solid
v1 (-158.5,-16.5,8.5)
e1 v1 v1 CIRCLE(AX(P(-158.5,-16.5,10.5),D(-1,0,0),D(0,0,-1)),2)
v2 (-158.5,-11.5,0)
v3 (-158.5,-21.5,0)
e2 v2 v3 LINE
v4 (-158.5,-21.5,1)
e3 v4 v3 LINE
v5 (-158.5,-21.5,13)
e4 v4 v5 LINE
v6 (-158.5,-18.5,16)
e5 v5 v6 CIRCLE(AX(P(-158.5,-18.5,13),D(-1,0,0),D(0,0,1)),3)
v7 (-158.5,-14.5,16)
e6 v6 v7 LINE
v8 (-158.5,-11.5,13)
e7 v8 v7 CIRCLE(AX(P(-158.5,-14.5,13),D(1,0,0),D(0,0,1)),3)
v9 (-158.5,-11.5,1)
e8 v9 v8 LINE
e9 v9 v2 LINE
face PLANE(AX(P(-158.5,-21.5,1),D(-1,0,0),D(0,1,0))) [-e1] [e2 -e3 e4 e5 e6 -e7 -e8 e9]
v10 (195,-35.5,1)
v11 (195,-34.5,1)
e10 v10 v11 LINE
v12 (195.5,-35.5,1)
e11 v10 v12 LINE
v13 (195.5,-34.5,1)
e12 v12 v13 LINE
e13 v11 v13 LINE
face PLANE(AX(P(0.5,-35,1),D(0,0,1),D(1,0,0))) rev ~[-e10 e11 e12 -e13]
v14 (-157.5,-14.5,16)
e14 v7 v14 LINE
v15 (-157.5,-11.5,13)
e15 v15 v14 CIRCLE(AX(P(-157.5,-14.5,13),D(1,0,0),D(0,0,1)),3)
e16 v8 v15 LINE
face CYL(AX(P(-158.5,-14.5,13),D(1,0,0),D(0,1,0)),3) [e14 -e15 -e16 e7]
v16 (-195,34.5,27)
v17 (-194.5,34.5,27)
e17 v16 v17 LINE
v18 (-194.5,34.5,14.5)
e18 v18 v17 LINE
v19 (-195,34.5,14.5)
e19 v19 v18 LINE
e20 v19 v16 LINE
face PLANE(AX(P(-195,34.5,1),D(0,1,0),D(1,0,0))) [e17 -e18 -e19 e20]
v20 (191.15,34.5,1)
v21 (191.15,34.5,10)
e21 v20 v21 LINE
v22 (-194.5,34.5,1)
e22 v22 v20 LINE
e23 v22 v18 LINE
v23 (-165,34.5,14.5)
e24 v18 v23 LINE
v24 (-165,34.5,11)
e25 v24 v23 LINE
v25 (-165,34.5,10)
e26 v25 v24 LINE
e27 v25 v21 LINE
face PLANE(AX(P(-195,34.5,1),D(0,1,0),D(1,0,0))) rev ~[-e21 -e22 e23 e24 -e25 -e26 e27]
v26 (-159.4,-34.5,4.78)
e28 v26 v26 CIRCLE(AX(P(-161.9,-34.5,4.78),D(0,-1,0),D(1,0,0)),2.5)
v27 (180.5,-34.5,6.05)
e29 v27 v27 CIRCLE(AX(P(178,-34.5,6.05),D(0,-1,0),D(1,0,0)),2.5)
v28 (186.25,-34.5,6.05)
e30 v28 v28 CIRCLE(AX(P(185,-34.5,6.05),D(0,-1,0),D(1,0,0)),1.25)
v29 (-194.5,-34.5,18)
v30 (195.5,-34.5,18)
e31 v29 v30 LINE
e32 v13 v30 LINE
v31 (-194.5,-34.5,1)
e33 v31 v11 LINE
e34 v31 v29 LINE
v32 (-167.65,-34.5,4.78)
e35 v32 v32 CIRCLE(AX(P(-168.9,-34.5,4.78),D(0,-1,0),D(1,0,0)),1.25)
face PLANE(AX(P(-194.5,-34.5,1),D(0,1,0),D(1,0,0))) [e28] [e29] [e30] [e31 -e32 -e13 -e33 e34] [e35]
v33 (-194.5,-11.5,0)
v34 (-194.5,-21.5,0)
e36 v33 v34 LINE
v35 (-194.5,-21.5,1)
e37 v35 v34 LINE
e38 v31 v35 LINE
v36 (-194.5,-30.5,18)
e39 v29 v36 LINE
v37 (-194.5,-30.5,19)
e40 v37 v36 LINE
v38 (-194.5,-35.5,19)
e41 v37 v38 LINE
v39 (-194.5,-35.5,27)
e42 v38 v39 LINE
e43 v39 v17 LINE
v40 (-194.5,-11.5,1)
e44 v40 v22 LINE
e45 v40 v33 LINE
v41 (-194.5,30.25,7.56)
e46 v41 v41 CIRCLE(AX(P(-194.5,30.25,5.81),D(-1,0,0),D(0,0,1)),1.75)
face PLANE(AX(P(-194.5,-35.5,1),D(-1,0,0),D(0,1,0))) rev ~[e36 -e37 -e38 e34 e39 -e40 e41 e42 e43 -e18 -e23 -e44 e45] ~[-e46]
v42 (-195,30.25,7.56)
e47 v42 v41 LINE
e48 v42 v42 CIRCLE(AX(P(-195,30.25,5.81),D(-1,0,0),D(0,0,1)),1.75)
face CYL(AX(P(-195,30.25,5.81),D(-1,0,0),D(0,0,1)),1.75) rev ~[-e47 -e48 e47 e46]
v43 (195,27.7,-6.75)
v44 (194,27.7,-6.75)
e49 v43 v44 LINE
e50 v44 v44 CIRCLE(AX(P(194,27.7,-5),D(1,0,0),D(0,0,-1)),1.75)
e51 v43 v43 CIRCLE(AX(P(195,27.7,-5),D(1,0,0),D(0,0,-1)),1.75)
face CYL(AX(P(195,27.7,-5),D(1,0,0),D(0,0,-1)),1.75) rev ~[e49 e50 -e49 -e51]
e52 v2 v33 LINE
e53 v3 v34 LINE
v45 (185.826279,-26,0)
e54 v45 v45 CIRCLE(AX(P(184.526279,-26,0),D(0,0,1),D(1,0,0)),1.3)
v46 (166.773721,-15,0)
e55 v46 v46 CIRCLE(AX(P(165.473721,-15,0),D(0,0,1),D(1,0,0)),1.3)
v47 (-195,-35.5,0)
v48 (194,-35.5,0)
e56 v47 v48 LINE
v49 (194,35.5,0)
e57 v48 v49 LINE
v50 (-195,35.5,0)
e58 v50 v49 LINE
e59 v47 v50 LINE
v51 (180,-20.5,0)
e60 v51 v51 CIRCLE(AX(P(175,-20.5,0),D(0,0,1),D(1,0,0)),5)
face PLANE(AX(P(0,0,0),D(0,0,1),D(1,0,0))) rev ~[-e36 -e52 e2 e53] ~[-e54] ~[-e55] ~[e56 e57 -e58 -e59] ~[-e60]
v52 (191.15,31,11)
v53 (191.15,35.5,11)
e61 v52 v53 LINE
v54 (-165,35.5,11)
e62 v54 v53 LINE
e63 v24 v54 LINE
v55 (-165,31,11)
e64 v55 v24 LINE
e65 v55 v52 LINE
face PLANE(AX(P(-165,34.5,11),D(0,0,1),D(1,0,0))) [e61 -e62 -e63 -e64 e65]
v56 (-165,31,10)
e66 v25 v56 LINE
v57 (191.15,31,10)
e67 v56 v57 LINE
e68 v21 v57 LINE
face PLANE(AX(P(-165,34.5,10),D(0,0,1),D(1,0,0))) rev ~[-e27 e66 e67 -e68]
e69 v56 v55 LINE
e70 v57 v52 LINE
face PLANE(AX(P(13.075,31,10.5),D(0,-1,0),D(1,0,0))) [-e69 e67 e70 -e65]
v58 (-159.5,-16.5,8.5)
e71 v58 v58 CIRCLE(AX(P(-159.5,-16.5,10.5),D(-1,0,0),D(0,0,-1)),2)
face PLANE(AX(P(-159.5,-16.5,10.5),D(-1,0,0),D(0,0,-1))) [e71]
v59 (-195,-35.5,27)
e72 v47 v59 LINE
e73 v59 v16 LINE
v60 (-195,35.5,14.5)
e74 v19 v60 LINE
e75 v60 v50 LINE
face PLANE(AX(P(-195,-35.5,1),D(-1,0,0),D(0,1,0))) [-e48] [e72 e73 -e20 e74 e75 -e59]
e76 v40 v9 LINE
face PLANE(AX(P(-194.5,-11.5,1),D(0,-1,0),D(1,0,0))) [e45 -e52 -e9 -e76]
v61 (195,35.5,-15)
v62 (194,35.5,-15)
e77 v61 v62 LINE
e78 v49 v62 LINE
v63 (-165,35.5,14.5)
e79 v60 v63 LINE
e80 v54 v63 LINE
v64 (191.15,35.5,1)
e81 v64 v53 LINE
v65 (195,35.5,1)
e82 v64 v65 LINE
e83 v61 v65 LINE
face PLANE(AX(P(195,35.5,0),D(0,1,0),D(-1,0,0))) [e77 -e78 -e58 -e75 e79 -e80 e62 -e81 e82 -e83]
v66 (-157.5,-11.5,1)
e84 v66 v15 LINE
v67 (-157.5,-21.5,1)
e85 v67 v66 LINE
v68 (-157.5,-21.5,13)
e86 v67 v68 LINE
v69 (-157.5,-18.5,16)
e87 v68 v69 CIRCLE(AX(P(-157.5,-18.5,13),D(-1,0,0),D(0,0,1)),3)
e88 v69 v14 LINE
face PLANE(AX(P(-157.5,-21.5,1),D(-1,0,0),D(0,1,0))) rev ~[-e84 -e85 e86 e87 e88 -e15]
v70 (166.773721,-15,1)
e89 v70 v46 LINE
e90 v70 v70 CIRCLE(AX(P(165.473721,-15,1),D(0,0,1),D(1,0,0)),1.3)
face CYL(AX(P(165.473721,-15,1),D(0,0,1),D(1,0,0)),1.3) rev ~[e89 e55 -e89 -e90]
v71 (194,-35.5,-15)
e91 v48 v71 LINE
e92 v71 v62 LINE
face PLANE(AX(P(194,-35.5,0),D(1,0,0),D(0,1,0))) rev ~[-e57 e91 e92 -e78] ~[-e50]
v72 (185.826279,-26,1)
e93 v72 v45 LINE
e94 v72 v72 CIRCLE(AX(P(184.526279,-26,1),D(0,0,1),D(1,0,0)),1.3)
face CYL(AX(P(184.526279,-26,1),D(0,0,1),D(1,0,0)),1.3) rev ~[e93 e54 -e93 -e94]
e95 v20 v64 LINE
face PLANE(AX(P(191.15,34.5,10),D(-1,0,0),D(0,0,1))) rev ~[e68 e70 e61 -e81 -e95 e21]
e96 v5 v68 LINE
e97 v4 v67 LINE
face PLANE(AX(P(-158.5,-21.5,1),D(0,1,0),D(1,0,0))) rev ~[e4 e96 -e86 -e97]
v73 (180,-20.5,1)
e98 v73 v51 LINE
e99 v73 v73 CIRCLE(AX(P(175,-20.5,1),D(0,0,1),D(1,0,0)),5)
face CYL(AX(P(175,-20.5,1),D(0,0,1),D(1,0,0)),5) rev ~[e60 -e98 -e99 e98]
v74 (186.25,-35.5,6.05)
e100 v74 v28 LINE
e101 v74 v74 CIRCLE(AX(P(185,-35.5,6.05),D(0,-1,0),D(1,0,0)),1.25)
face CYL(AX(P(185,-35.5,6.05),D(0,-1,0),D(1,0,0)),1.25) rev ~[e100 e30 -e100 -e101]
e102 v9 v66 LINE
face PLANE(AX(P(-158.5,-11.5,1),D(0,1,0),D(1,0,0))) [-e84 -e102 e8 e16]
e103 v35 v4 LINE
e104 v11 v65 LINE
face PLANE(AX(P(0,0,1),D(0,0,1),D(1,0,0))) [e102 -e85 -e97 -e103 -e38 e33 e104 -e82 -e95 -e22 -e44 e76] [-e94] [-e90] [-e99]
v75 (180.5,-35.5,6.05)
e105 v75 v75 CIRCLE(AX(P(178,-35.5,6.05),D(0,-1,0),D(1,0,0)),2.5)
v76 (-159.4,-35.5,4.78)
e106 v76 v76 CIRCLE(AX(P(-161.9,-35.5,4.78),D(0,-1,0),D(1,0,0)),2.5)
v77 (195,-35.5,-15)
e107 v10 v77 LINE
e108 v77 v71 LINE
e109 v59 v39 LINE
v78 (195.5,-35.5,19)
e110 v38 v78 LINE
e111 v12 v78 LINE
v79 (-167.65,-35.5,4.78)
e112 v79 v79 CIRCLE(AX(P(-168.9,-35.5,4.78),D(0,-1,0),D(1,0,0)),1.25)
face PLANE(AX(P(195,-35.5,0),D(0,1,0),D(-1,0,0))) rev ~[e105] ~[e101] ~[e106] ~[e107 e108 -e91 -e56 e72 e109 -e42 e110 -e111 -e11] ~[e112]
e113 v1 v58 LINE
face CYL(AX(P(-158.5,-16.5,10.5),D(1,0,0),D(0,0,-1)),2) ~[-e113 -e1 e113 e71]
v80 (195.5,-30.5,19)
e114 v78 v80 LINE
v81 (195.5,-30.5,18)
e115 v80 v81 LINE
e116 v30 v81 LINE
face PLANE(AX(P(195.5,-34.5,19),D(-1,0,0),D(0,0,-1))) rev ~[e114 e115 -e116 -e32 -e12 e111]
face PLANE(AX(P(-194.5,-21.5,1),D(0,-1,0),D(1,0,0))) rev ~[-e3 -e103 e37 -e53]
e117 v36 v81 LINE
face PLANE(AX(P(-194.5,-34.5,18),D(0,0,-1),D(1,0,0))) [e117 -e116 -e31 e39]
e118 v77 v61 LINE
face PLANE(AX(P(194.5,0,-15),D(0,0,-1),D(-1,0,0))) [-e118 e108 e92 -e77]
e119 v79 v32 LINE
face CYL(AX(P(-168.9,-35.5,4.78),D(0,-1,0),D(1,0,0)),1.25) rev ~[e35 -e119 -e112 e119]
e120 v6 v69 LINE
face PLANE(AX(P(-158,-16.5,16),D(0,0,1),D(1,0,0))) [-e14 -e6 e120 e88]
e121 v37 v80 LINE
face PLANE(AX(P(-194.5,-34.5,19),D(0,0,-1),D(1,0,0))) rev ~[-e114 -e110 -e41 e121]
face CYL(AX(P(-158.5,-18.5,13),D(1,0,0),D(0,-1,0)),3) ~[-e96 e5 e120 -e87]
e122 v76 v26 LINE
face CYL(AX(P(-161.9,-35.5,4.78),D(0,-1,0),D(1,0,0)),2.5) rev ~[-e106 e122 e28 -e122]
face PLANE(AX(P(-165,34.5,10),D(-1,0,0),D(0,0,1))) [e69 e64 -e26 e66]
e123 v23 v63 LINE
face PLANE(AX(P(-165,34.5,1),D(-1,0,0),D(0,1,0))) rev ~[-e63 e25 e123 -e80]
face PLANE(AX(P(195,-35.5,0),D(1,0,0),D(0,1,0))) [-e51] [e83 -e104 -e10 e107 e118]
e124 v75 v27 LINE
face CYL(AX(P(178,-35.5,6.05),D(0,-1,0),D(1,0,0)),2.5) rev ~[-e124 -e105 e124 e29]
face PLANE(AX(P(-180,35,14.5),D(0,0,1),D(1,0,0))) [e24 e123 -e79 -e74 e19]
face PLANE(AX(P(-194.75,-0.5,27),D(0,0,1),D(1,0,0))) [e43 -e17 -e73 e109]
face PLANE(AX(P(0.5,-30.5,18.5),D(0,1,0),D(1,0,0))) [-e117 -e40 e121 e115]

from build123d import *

# Parameters (mm, degrees)
CROQUIS1_W               = 390
CROQUIS1_H               = 71
SALIENTE_EXTRUIR1_DEPTH  = 1
CROQUIS3_W               = 356.15
CROQUIS3_H               = 1
SALIENTE_EXTRUIR3_DEPTH  = 10
CROQUIS4_W               = 356.15
CROQUIS4_H               = 1
SALIENTE_EXTRUIR4_DEPTH  = 3.5
CROQUIS5_W               = 30
CROQUIS5_H               = 1
SALIENTE_EXTRUIR5_DEPTH  = 13.5
CROQUIS6_W               = 0.5
CROQUIS6_H               = 70
SALIENTE_EXTRUIR6_DEPTH  = 26
CROQUIS7_W               = 390
CROQUIS7_H               = 1
SALIENTE_EXTRUIR7_DEPTH  = 18
CROQUIS8_W               = 390
CROQUIS8_H               = 1
SALIENTE_EXTRUIR8_DEPTH  = 4
CORTAR_EXTRUIR1_REACH    = 202.391
CROQUIS11_W              = 36
CROQUIS11_H              = 10
CROQUIS12_W              = 1
CROQUIS12_H              = 10
SALIENTE_EXTRUIR11_DEPTH = 15
REDONDEO1_R              = 3
CROQUIS13_R              = 2
SALIENTE_EXTRUIR12_DEPTH = 1
CORTAR_EXTRUIR2_REACH    = 395.039
CROQUIS14_R              = 1.75
CROQUIS16_R              = 5
CROQUIS16_R_2            = 1.3
CORTAR_EXTRUIR4_DEPTH    = 1
CROQUIS25_R              = 1.25
CROQUIS25_R_2            = 2.5
CORTAR_EXTRUIR5_DEPTH    = 1
CROQUIS30_W              = 1
CROQUIS30_H              = 71
SALIENTE_EXTRUIR15_DEPTH = 15
CROQUIS31_R              = 1.75
CORTAR_EXTRUIR12_DEPTH   = 1


with BuildPart() as part:
    # Croquis1 → Saliente-Extruir1 (new body)
    with BuildSketch(Plane.XY):
        Rectangle(CROQUIS1_W, CROQUIS1_H)
    extrude(amount=SALIENTE_EXTRUIR1_DEPTH)

    # Croquis3 → Saliente-Extruir3 (add)
    with BuildSketch(Plane.XY.offset(1)):
        with Locations((13.075, 35)):
            Rectangle(CROQUIS3_W, CROQUIS3_H)
    extrude(amount=SALIENTE_EXTRUIR3_DEPTH)

    # Croquis4 → Saliente-Extruir4 (add)
    with BuildSketch(Plane.XZ.offset(-34.5)):
        with Locations((13.075, 10.5)):
            Rectangle(CROQUIS4_W, CROQUIS4_H)
    extrude(amount=SALIENTE_EXTRUIR4_DEPTH)

    # Croquis5 → Saliente-Extruir5 (add)
    with BuildSketch(Plane.XY.offset(1)):
        with Locations((-180, 35)):
            Rectangle(CROQUIS5_W, CROQUIS5_H)
    extrude(amount=SALIENTE_EXTRUIR5_DEPTH)

    # Croquis6 → Saliente-Extruir6 (add)
    with BuildSketch(Plane.XY.offset(1)):
        with Locations((-194.75, -0.5)):
            Rectangle(CROQUIS6_W, CROQUIS6_H)
    extrude(amount=SALIENTE_EXTRUIR6_DEPTH)

    # Croquis7 → Saliente-Extruir7 (add)
    with BuildSketch(Plane.XY.offset(1)):
        with Locations((0.5, -35)):
            Rectangle(CROQUIS7_W, CROQUIS7_H)
    extrude(amount=SALIENTE_EXTRUIR7_DEPTH)

    # Croquis8 → Saliente-Extruir8 (add)
    with BuildSketch(Plane(origin=(0, -34.5, 0), x_dir=(1, 0, 0), z_dir=(0, 1, 0))):
        with Locations((0.5, -18.5)):
            Rectangle(CROQUIS8_W, CROQUIS8_H)
    extrude(amount=SALIENTE_EXTRUIR8_DEPTH)

    # Croquis11 → Cortar-Extruir1 (cut, up to next)
    with BuildSketch(Plane.XY.offset(1), mode=Mode.PRIVATE) as cortar_extruir1_sk1:
        with Locations((-176.5, -16.5)):
            Rectangle(CROQUIS11_W, CROQUIS11_H)
    cortar_extruir1_tool1 = extrude(cortar_extruir1_sk1.sketch, amount=-CORTAR_EXTRUIR1_REACH, mode=Mode.PRIVATE) & part.part
    add(cortar_extruir1_tool1.solids().sort_by_distance((-176.5, -16.5, 1))[0], mode=Mode.SUBTRACT)

    # Croquis12 → Saliente-Extruir11 (add)
    with BuildSketch(Plane.XY.offset(1)):
        with Locations((-158, -16.5)):
            Rectangle(CROQUIS12_W, CROQUIS12_H)
    extrude(amount=SALIENTE_EXTRUIR11_DEPTH)

    # Redondeo1
    redondeo1_edges = [part.edges().sort_by_distance(p)[0] for p in [
        (-158, -21.5, 16),
        (-158, -11.5, 16),
    ]]
    fillet(redondeo1_edges, radius=REDONDEO1_R)

    # Croquis13 → Saliente-Extruir12 (add)
    with BuildSketch(Plane.ZY.offset(158.5)):
        with Locations(Location((10.5, -16.5, 0), (0, 0, 180))):
            Circle(CROQUIS13_R)
    extrude(amount=SALIENTE_EXTRUIR12_DEPTH)

    # Croquis14 → Cortar-Extruir2 (cut, up to next)
    with BuildSketch(Plane.ZY.offset(195), mode=Mode.PRIVATE) as cortar_extruir2_sk1:
        with Locations((5.81, 30.25)):
            Circle(CROQUIS14_R)
    cortar_extruir2_tool1 = extrude(cortar_extruir2_sk1.sketch, amount=-CORTAR_EXTRUIR2_REACH, mode=Mode.PRIVATE) & part.part
    add(cortar_extruir2_tool1.solids().sort_by_distance((-195, 30.25, 5.81))[0], mode=Mode.SUBTRACT)

    # Croquis16 → Cortar-Extruir4 (cut)
    with BuildSketch(Plane.XY.offset(1)):
        with Locations((175, -20.5)):
            Circle(CROQUIS16_R)
        with Locations((184.526279442, -26)):
            Circle(CROQUIS16_R_2)
        with Locations((165.473720558, -15)):
            Circle(CROQUIS16_R_2)
    extrude(amount=-CORTAR_EXTRUIR4_DEPTH, mode=Mode.SUBTRACT)

    # Croquis25 → Cortar-Extruir5 (cut)
    with BuildSketch(Plane.XZ.offset(35.5)):
        with Locations((-168.9, 4.78)):
            Circle(CROQUIS25_R)
        with Locations((-161.9, 4.78)):
            Circle(CROQUIS25_R_2)
        with Locations((185, 6.05)):
            Circle(CROQUIS25_R)
        with Locations((178, 6.05)):
            Circle(CROQUIS25_R_2)
    extrude(amount=-CORTAR_EXTRUIR5_DEPTH, mode=Mode.SUBTRACT)

    # Croquis30 → Saliente-Extruir15 (add)
    with BuildSketch(Plane(origin=(0, 0, 0), x_dir=(-1, 0, 0), z_dir=(0, 0, -1))):
        with Locations((-194.5, 0)):
            Rectangle(CROQUIS30_W, CROQUIS30_H)
    extrude(amount=SALIENTE_EXTRUIR15_DEPTH)

    # Croquis31 → Cortar-Extruir12 (cut)
    with BuildSketch(Plane(origin=(195, 0, 0), x_dir=(0, 0, -1), z_dir=(1, 0, 0))):
        with Locations((5, 27.7)):
            Circle(CROQUIS31_R)
    extrude(amount=-CORTAR_EXTRUIR12_DEPTH, mode=Mode.SUBTRACT)


solid = part.part
